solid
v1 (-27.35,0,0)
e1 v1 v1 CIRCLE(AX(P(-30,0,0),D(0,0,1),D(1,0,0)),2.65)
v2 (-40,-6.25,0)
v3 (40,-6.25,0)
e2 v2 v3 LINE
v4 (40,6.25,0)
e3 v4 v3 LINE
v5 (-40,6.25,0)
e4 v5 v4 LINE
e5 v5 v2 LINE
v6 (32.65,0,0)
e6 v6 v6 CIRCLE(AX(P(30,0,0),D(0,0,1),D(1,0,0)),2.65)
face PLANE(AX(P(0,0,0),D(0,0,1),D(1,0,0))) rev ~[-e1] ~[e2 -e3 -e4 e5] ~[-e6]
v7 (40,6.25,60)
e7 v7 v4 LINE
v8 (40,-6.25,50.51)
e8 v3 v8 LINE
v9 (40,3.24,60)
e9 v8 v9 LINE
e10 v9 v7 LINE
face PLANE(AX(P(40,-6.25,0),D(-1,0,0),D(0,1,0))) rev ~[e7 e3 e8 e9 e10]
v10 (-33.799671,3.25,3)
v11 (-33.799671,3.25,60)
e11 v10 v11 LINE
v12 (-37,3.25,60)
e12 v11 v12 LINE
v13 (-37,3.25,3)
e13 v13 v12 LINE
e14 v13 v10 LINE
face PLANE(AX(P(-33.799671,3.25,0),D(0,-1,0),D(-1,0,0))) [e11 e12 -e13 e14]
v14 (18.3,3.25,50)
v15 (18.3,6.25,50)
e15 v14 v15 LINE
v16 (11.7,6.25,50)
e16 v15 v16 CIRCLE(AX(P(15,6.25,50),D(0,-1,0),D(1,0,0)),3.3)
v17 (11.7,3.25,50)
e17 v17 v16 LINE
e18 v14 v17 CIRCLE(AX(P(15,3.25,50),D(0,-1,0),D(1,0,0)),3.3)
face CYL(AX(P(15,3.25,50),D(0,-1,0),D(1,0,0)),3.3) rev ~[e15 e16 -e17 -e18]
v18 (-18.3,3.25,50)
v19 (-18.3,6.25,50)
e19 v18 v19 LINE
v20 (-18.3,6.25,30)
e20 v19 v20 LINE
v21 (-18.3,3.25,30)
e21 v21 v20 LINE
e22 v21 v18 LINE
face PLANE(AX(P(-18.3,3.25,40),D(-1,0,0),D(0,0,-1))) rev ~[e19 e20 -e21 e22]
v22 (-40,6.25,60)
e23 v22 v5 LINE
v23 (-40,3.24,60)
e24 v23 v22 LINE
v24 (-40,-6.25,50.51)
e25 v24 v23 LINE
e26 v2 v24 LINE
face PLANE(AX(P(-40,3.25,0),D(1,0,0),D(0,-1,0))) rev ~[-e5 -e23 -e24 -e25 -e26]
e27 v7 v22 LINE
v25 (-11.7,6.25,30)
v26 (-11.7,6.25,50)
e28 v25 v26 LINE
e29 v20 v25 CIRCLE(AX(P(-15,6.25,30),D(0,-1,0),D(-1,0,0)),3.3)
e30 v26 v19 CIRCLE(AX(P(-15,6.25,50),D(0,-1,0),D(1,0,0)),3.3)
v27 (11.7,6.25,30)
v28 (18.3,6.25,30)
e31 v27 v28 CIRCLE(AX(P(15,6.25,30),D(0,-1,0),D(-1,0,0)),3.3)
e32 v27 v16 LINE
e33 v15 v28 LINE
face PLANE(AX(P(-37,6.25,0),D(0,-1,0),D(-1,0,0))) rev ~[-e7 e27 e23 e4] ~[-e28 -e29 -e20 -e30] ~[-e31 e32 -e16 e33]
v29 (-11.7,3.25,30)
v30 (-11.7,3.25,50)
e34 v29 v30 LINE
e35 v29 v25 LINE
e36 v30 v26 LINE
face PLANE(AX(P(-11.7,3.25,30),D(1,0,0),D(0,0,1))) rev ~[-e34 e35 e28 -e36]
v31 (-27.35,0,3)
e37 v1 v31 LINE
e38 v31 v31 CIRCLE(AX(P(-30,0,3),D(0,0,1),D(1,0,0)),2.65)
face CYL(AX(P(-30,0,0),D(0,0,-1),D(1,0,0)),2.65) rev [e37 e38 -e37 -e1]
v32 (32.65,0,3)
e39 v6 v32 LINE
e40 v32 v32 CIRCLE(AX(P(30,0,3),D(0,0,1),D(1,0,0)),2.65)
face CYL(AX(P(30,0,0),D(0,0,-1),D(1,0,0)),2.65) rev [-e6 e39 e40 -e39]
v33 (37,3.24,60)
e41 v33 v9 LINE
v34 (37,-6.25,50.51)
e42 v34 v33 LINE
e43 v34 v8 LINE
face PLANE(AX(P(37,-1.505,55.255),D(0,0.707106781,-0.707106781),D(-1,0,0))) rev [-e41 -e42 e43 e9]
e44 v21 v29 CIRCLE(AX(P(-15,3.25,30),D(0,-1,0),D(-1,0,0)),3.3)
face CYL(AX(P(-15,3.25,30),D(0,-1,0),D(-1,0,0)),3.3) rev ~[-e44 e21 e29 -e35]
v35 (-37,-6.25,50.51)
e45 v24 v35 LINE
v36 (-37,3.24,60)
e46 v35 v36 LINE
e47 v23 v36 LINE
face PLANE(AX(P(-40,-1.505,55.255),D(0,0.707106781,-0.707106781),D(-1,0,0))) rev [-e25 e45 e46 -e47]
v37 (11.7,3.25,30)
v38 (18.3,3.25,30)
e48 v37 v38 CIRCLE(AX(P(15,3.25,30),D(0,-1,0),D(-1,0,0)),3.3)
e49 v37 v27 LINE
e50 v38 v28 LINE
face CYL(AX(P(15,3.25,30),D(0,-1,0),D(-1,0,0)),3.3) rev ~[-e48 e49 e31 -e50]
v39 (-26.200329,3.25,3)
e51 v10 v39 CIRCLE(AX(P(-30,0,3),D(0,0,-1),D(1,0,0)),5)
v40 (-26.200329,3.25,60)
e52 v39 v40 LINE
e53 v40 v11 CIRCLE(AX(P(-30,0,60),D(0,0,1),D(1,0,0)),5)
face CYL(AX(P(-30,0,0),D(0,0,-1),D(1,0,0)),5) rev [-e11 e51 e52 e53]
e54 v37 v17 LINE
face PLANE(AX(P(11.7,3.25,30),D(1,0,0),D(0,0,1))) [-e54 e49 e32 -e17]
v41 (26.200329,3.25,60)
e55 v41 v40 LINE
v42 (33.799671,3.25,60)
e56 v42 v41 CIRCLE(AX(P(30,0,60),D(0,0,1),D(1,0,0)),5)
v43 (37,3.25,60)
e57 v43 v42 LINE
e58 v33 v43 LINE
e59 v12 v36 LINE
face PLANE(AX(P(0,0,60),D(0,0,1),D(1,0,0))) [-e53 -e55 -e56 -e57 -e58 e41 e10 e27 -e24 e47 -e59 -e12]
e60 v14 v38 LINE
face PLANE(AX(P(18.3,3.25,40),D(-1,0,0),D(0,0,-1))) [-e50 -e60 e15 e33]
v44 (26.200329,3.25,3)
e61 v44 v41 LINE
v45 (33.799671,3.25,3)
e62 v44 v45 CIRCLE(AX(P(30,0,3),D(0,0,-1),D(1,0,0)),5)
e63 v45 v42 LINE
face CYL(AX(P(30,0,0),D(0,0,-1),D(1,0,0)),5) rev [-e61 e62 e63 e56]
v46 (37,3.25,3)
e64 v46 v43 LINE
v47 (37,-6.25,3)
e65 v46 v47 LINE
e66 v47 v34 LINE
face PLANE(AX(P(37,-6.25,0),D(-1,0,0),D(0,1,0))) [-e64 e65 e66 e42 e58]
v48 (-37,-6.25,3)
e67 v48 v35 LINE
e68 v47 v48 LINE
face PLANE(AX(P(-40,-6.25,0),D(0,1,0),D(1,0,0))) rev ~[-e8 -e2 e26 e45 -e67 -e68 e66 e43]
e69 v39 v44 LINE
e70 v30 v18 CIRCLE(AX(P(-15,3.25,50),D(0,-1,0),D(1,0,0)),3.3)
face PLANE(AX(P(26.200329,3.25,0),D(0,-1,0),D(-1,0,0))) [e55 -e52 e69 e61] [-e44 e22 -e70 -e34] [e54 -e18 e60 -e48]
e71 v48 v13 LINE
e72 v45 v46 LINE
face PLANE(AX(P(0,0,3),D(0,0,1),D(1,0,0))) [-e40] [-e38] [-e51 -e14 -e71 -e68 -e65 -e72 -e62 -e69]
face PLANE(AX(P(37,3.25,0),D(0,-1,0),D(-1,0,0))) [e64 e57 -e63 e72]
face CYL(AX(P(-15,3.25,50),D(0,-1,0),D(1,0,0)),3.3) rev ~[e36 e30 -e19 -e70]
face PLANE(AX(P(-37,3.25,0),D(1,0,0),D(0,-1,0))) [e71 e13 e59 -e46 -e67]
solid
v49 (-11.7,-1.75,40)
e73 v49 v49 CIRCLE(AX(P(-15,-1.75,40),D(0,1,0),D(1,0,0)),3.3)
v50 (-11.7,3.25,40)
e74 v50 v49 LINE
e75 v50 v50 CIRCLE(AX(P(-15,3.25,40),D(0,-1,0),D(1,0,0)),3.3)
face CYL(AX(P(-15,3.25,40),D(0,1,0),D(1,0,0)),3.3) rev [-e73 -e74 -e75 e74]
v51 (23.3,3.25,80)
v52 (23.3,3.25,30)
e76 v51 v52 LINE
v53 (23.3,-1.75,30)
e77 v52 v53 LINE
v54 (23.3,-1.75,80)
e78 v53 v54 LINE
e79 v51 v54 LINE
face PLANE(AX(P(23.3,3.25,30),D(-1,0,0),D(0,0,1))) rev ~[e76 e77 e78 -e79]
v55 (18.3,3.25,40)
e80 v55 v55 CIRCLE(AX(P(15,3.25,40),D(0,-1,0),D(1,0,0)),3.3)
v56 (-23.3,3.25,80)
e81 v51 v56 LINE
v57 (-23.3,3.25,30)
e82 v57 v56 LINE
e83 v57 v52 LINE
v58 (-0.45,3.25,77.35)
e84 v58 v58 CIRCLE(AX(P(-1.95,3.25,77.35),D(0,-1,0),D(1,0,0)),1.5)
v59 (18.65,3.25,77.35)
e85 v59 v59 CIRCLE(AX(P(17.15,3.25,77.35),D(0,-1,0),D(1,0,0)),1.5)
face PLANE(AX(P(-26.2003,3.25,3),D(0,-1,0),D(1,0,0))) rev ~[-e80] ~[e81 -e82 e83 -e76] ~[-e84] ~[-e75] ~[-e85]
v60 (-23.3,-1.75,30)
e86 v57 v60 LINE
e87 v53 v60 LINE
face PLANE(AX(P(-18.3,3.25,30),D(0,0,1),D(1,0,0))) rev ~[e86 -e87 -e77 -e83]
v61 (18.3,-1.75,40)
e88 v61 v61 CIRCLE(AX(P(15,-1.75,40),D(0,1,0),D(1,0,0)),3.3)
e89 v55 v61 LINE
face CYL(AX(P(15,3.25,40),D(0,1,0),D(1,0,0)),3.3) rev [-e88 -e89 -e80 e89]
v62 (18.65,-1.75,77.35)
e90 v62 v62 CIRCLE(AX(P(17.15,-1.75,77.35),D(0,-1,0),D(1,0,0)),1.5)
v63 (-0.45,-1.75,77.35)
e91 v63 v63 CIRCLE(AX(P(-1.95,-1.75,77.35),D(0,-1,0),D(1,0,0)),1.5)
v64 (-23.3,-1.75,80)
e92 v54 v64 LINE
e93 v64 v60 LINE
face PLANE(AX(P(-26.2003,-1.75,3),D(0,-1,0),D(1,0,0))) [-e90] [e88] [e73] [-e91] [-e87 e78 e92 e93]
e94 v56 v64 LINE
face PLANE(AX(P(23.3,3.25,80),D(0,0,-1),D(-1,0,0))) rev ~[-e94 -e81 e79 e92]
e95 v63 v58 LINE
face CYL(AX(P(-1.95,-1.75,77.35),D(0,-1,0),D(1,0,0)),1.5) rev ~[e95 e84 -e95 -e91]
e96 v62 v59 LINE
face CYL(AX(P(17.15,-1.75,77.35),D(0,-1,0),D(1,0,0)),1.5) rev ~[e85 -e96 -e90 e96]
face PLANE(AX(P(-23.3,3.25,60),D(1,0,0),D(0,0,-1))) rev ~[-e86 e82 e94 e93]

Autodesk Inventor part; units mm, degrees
ref_plane "YZ Plane" through (0, 0, 0) normal (1, 0, 0) x (0, 1, 0)
ref_plane "XZ Plane" through (0, 0, 0) normal (0, 1, 0) x (-1, 0, 0)
ref_plane "XY Plane" through (0, 0, 0) normal (0, 0, 1) x (1, 0, 0)
sketch "Sketch1" plane through (0, 0, 0) normal (0, 0, 1) x (1, 0, 0)
  line L0 (-40, -6.25) -> (40, -6.25)
  line L1 (40, -6.25) -> (40, 6.25)
  line L2 (40, 6.25) -> (-40, 6.25)
  line L3 (-40, 6.25) -> (-40, -6.25)
  line L4 (-40, -6.25) -> (40, 6.25) construction
  line L5 (40, -6.25) -> (-40, 6.25) construction
  line L6 (-30, 0) -> (30, 0) construction
  circle A0 centre (-30, 0) radius 2.65
  circle A1 centre (30, 0) radius 2.65
  circle A2 centre (-30, 0) radius 5
  circle A3 centre (30, 0) radius 5
  line L7 (-40, 6.25) -> (-37, 6.25)
  line L8 (-37, 6.25) -> (-37, -6.25)
  line L9 (-37, -6.25) -> (-40, -6.25)
  line L10 (-40, -6.25) -> (-40, 6.25)
  line L11 (40, -6.25) -> (37, -6.25)
  line L12 (37, -6.25) -> (37, 6.25)
  line L13 (37, 6.25) -> (40, 6.25)
  line L14 (40, 6.25) -> (40, -6.25)
  line L15 (-40, 6.25) -> (40, 6.25)
  line L16 (40, 6.25) -> (40, 3.25)
  line L17 (40, 3.25) -> (-40, 3.25)
  line L18 (-40, 3.25) -> (-40, 6.25)
  point P0 (0, 0)
  point P1 (-37, 3.25)
  point P2 (-33.7997, 3.25)
  point P3 (-26.2003, 3.25)
  point P4 (26.2003, 3.25)
  point P5 (33.7997, 3.25)
  point P6 (37, 3.25)
  dimension "d0" = 80
  dimension "d1" = 12.5
  dimension "d2" = 60
  dimension "d3" = 5.3
  dimension "d4" = 5.3
  dimension "d5" = 10
  dimension "d6" = 10
  dimension "d9" = 3
  dimension "d10" = 3
  dimension "d11" = 3
extrude "Extrusion1" add sketch "Sketch1" along normal blind 3
extrude "Extrusion2" add sketch "Sketch1" along normal blind 60 contours L3 L17 L8 L0 | L3 L2 L8 L17 | L12 L17 L1 L0 | L8 L2 L12 L17 A3 A2 | L12 L2 L1 L17
chamfer "Chamfer1" distance 9.49 angle 45 2 edges at (-38.5, -6.25, 60) (38.5, -6.25, 60)
sketch "Sketch2" plane through (-26.2003, 3.25, 3) normal (0, -1, 0) x (1, 0, 0)
  line L0 (11.2003, 27) -> (11.2003, 47) construction
  line L1 (14.5003, 27) -> (14.5003, 47)
  line L2 (7.9003, 47) -> (7.9003, 27)
  arc A0 (7.9003, 27) -> (14.5003, 27) centre (11.2003, 27) ccw
  arc A1 (14.5003, 47) -> (7.9003, 47) centre (11.2003, 47) ccw
  line L3 (41.2003, 27) -> (41.2003, 47) construction
  line L4 (37.9003, 27) -> (37.9003, 47)
  line L5 (44.5003, 47) -> (44.5003, 27)
  arc A2 (37.9003, 27) -> (44.5003, 27) centre (41.2003, 27) ccw
  arc A3 (44.5003, 47) -> (37.9003, 47) centre (41.2003, 47) ccw
  line L6 (11.2003, 37) -> (41.2003, 37) construction
  line L7 (26.2003, 37) -> (26.2003, 57) construction
  line L8 (0, 57) -> (52.4007, 57) projected
  line L9 (2.9003, 27) -> (49.5003, 27)
  line L10 (49.5003, 27) -> (49.5003, 77)
  line L11 (49.5003, 77) -> (2.9003, 77)
  line L12 (2.9003, 77) -> (2.9003, 27)
  line L13 (26.2003, 27) -> (26.2003, 37) construction
  circle A4 centre (11.2003, 37) radius 3.3
  circle A5 centre (41.2003, 37) radius 3.3
  point P0 (26.2003, -3)
  dimension "d17" = 30
  dimension "d18" = 20
  dimension "d19" = 20
  dimension "d20" = 3.3
  dimension "d21" = 5
  dimension "d29" = 20
  dimension "d30" = 10
extrude "Extrusion3" cut sketch "Sketch2" against normal through all contours L9 L2 A4 L1 | A0 L9 | A4 L2 A1 L1 | A4 | L9 A2 | L4 A5 L5 L9 | L4 A3 L5 A5 | A5
extrude "Extrusion4" add sketch "Sketch2" along normal blind 5 separate body contours L9 L2 A4 L1 | L1 A1 L2 L9 L12 L8 L10 L5 A3 L4 | A4 L2 A1 L1 | L4 A5 L5 L9 | L4 A3 L5 A5 | L12 L11 L10 L8
sketch "Sketch3" plane through (-26.2003, -1.75, 3) normal (0, -1, 0) x (1, 0, 0)
  line L0 (5.9503, 60.9) -> (5.9503, 77)
  line L1 (5.9503, 77) -> (46.4503, 77)
  line L2 (46.4503, 77) -> (46.4503, 60.9)
  line L3 (46.4503, 60.9) -> (5.9503, 60.9)
  line L4 (24.2503, 74.35) -> (43.3503, 74.35) construction
  circle A0 centre (24.2503, 74.35) radius 1.5
  circle A1 centre (43.3503, 74.35) radius 1.5
  line L5 (49.5003, 77) -> (2.9003, 77) projected
  line L6 (26.2003, 77) -> (26.2003, 77)
  point P0 (26.2003, -3)
  dimension "d31" = 3
  dimension "d32" = 19.1
  dimension "d34" = 2.65
  dimension "d35" = 16.1
  dimension "d36" = 40.5
  dimension "d37" = 0
  dimension "d40" = 3.1
extrude "Extrusion5" cut sketch "Sketch3" against normal through all contours A0 | A1 bodies 2
properties part number "Soporte Switch Y"
